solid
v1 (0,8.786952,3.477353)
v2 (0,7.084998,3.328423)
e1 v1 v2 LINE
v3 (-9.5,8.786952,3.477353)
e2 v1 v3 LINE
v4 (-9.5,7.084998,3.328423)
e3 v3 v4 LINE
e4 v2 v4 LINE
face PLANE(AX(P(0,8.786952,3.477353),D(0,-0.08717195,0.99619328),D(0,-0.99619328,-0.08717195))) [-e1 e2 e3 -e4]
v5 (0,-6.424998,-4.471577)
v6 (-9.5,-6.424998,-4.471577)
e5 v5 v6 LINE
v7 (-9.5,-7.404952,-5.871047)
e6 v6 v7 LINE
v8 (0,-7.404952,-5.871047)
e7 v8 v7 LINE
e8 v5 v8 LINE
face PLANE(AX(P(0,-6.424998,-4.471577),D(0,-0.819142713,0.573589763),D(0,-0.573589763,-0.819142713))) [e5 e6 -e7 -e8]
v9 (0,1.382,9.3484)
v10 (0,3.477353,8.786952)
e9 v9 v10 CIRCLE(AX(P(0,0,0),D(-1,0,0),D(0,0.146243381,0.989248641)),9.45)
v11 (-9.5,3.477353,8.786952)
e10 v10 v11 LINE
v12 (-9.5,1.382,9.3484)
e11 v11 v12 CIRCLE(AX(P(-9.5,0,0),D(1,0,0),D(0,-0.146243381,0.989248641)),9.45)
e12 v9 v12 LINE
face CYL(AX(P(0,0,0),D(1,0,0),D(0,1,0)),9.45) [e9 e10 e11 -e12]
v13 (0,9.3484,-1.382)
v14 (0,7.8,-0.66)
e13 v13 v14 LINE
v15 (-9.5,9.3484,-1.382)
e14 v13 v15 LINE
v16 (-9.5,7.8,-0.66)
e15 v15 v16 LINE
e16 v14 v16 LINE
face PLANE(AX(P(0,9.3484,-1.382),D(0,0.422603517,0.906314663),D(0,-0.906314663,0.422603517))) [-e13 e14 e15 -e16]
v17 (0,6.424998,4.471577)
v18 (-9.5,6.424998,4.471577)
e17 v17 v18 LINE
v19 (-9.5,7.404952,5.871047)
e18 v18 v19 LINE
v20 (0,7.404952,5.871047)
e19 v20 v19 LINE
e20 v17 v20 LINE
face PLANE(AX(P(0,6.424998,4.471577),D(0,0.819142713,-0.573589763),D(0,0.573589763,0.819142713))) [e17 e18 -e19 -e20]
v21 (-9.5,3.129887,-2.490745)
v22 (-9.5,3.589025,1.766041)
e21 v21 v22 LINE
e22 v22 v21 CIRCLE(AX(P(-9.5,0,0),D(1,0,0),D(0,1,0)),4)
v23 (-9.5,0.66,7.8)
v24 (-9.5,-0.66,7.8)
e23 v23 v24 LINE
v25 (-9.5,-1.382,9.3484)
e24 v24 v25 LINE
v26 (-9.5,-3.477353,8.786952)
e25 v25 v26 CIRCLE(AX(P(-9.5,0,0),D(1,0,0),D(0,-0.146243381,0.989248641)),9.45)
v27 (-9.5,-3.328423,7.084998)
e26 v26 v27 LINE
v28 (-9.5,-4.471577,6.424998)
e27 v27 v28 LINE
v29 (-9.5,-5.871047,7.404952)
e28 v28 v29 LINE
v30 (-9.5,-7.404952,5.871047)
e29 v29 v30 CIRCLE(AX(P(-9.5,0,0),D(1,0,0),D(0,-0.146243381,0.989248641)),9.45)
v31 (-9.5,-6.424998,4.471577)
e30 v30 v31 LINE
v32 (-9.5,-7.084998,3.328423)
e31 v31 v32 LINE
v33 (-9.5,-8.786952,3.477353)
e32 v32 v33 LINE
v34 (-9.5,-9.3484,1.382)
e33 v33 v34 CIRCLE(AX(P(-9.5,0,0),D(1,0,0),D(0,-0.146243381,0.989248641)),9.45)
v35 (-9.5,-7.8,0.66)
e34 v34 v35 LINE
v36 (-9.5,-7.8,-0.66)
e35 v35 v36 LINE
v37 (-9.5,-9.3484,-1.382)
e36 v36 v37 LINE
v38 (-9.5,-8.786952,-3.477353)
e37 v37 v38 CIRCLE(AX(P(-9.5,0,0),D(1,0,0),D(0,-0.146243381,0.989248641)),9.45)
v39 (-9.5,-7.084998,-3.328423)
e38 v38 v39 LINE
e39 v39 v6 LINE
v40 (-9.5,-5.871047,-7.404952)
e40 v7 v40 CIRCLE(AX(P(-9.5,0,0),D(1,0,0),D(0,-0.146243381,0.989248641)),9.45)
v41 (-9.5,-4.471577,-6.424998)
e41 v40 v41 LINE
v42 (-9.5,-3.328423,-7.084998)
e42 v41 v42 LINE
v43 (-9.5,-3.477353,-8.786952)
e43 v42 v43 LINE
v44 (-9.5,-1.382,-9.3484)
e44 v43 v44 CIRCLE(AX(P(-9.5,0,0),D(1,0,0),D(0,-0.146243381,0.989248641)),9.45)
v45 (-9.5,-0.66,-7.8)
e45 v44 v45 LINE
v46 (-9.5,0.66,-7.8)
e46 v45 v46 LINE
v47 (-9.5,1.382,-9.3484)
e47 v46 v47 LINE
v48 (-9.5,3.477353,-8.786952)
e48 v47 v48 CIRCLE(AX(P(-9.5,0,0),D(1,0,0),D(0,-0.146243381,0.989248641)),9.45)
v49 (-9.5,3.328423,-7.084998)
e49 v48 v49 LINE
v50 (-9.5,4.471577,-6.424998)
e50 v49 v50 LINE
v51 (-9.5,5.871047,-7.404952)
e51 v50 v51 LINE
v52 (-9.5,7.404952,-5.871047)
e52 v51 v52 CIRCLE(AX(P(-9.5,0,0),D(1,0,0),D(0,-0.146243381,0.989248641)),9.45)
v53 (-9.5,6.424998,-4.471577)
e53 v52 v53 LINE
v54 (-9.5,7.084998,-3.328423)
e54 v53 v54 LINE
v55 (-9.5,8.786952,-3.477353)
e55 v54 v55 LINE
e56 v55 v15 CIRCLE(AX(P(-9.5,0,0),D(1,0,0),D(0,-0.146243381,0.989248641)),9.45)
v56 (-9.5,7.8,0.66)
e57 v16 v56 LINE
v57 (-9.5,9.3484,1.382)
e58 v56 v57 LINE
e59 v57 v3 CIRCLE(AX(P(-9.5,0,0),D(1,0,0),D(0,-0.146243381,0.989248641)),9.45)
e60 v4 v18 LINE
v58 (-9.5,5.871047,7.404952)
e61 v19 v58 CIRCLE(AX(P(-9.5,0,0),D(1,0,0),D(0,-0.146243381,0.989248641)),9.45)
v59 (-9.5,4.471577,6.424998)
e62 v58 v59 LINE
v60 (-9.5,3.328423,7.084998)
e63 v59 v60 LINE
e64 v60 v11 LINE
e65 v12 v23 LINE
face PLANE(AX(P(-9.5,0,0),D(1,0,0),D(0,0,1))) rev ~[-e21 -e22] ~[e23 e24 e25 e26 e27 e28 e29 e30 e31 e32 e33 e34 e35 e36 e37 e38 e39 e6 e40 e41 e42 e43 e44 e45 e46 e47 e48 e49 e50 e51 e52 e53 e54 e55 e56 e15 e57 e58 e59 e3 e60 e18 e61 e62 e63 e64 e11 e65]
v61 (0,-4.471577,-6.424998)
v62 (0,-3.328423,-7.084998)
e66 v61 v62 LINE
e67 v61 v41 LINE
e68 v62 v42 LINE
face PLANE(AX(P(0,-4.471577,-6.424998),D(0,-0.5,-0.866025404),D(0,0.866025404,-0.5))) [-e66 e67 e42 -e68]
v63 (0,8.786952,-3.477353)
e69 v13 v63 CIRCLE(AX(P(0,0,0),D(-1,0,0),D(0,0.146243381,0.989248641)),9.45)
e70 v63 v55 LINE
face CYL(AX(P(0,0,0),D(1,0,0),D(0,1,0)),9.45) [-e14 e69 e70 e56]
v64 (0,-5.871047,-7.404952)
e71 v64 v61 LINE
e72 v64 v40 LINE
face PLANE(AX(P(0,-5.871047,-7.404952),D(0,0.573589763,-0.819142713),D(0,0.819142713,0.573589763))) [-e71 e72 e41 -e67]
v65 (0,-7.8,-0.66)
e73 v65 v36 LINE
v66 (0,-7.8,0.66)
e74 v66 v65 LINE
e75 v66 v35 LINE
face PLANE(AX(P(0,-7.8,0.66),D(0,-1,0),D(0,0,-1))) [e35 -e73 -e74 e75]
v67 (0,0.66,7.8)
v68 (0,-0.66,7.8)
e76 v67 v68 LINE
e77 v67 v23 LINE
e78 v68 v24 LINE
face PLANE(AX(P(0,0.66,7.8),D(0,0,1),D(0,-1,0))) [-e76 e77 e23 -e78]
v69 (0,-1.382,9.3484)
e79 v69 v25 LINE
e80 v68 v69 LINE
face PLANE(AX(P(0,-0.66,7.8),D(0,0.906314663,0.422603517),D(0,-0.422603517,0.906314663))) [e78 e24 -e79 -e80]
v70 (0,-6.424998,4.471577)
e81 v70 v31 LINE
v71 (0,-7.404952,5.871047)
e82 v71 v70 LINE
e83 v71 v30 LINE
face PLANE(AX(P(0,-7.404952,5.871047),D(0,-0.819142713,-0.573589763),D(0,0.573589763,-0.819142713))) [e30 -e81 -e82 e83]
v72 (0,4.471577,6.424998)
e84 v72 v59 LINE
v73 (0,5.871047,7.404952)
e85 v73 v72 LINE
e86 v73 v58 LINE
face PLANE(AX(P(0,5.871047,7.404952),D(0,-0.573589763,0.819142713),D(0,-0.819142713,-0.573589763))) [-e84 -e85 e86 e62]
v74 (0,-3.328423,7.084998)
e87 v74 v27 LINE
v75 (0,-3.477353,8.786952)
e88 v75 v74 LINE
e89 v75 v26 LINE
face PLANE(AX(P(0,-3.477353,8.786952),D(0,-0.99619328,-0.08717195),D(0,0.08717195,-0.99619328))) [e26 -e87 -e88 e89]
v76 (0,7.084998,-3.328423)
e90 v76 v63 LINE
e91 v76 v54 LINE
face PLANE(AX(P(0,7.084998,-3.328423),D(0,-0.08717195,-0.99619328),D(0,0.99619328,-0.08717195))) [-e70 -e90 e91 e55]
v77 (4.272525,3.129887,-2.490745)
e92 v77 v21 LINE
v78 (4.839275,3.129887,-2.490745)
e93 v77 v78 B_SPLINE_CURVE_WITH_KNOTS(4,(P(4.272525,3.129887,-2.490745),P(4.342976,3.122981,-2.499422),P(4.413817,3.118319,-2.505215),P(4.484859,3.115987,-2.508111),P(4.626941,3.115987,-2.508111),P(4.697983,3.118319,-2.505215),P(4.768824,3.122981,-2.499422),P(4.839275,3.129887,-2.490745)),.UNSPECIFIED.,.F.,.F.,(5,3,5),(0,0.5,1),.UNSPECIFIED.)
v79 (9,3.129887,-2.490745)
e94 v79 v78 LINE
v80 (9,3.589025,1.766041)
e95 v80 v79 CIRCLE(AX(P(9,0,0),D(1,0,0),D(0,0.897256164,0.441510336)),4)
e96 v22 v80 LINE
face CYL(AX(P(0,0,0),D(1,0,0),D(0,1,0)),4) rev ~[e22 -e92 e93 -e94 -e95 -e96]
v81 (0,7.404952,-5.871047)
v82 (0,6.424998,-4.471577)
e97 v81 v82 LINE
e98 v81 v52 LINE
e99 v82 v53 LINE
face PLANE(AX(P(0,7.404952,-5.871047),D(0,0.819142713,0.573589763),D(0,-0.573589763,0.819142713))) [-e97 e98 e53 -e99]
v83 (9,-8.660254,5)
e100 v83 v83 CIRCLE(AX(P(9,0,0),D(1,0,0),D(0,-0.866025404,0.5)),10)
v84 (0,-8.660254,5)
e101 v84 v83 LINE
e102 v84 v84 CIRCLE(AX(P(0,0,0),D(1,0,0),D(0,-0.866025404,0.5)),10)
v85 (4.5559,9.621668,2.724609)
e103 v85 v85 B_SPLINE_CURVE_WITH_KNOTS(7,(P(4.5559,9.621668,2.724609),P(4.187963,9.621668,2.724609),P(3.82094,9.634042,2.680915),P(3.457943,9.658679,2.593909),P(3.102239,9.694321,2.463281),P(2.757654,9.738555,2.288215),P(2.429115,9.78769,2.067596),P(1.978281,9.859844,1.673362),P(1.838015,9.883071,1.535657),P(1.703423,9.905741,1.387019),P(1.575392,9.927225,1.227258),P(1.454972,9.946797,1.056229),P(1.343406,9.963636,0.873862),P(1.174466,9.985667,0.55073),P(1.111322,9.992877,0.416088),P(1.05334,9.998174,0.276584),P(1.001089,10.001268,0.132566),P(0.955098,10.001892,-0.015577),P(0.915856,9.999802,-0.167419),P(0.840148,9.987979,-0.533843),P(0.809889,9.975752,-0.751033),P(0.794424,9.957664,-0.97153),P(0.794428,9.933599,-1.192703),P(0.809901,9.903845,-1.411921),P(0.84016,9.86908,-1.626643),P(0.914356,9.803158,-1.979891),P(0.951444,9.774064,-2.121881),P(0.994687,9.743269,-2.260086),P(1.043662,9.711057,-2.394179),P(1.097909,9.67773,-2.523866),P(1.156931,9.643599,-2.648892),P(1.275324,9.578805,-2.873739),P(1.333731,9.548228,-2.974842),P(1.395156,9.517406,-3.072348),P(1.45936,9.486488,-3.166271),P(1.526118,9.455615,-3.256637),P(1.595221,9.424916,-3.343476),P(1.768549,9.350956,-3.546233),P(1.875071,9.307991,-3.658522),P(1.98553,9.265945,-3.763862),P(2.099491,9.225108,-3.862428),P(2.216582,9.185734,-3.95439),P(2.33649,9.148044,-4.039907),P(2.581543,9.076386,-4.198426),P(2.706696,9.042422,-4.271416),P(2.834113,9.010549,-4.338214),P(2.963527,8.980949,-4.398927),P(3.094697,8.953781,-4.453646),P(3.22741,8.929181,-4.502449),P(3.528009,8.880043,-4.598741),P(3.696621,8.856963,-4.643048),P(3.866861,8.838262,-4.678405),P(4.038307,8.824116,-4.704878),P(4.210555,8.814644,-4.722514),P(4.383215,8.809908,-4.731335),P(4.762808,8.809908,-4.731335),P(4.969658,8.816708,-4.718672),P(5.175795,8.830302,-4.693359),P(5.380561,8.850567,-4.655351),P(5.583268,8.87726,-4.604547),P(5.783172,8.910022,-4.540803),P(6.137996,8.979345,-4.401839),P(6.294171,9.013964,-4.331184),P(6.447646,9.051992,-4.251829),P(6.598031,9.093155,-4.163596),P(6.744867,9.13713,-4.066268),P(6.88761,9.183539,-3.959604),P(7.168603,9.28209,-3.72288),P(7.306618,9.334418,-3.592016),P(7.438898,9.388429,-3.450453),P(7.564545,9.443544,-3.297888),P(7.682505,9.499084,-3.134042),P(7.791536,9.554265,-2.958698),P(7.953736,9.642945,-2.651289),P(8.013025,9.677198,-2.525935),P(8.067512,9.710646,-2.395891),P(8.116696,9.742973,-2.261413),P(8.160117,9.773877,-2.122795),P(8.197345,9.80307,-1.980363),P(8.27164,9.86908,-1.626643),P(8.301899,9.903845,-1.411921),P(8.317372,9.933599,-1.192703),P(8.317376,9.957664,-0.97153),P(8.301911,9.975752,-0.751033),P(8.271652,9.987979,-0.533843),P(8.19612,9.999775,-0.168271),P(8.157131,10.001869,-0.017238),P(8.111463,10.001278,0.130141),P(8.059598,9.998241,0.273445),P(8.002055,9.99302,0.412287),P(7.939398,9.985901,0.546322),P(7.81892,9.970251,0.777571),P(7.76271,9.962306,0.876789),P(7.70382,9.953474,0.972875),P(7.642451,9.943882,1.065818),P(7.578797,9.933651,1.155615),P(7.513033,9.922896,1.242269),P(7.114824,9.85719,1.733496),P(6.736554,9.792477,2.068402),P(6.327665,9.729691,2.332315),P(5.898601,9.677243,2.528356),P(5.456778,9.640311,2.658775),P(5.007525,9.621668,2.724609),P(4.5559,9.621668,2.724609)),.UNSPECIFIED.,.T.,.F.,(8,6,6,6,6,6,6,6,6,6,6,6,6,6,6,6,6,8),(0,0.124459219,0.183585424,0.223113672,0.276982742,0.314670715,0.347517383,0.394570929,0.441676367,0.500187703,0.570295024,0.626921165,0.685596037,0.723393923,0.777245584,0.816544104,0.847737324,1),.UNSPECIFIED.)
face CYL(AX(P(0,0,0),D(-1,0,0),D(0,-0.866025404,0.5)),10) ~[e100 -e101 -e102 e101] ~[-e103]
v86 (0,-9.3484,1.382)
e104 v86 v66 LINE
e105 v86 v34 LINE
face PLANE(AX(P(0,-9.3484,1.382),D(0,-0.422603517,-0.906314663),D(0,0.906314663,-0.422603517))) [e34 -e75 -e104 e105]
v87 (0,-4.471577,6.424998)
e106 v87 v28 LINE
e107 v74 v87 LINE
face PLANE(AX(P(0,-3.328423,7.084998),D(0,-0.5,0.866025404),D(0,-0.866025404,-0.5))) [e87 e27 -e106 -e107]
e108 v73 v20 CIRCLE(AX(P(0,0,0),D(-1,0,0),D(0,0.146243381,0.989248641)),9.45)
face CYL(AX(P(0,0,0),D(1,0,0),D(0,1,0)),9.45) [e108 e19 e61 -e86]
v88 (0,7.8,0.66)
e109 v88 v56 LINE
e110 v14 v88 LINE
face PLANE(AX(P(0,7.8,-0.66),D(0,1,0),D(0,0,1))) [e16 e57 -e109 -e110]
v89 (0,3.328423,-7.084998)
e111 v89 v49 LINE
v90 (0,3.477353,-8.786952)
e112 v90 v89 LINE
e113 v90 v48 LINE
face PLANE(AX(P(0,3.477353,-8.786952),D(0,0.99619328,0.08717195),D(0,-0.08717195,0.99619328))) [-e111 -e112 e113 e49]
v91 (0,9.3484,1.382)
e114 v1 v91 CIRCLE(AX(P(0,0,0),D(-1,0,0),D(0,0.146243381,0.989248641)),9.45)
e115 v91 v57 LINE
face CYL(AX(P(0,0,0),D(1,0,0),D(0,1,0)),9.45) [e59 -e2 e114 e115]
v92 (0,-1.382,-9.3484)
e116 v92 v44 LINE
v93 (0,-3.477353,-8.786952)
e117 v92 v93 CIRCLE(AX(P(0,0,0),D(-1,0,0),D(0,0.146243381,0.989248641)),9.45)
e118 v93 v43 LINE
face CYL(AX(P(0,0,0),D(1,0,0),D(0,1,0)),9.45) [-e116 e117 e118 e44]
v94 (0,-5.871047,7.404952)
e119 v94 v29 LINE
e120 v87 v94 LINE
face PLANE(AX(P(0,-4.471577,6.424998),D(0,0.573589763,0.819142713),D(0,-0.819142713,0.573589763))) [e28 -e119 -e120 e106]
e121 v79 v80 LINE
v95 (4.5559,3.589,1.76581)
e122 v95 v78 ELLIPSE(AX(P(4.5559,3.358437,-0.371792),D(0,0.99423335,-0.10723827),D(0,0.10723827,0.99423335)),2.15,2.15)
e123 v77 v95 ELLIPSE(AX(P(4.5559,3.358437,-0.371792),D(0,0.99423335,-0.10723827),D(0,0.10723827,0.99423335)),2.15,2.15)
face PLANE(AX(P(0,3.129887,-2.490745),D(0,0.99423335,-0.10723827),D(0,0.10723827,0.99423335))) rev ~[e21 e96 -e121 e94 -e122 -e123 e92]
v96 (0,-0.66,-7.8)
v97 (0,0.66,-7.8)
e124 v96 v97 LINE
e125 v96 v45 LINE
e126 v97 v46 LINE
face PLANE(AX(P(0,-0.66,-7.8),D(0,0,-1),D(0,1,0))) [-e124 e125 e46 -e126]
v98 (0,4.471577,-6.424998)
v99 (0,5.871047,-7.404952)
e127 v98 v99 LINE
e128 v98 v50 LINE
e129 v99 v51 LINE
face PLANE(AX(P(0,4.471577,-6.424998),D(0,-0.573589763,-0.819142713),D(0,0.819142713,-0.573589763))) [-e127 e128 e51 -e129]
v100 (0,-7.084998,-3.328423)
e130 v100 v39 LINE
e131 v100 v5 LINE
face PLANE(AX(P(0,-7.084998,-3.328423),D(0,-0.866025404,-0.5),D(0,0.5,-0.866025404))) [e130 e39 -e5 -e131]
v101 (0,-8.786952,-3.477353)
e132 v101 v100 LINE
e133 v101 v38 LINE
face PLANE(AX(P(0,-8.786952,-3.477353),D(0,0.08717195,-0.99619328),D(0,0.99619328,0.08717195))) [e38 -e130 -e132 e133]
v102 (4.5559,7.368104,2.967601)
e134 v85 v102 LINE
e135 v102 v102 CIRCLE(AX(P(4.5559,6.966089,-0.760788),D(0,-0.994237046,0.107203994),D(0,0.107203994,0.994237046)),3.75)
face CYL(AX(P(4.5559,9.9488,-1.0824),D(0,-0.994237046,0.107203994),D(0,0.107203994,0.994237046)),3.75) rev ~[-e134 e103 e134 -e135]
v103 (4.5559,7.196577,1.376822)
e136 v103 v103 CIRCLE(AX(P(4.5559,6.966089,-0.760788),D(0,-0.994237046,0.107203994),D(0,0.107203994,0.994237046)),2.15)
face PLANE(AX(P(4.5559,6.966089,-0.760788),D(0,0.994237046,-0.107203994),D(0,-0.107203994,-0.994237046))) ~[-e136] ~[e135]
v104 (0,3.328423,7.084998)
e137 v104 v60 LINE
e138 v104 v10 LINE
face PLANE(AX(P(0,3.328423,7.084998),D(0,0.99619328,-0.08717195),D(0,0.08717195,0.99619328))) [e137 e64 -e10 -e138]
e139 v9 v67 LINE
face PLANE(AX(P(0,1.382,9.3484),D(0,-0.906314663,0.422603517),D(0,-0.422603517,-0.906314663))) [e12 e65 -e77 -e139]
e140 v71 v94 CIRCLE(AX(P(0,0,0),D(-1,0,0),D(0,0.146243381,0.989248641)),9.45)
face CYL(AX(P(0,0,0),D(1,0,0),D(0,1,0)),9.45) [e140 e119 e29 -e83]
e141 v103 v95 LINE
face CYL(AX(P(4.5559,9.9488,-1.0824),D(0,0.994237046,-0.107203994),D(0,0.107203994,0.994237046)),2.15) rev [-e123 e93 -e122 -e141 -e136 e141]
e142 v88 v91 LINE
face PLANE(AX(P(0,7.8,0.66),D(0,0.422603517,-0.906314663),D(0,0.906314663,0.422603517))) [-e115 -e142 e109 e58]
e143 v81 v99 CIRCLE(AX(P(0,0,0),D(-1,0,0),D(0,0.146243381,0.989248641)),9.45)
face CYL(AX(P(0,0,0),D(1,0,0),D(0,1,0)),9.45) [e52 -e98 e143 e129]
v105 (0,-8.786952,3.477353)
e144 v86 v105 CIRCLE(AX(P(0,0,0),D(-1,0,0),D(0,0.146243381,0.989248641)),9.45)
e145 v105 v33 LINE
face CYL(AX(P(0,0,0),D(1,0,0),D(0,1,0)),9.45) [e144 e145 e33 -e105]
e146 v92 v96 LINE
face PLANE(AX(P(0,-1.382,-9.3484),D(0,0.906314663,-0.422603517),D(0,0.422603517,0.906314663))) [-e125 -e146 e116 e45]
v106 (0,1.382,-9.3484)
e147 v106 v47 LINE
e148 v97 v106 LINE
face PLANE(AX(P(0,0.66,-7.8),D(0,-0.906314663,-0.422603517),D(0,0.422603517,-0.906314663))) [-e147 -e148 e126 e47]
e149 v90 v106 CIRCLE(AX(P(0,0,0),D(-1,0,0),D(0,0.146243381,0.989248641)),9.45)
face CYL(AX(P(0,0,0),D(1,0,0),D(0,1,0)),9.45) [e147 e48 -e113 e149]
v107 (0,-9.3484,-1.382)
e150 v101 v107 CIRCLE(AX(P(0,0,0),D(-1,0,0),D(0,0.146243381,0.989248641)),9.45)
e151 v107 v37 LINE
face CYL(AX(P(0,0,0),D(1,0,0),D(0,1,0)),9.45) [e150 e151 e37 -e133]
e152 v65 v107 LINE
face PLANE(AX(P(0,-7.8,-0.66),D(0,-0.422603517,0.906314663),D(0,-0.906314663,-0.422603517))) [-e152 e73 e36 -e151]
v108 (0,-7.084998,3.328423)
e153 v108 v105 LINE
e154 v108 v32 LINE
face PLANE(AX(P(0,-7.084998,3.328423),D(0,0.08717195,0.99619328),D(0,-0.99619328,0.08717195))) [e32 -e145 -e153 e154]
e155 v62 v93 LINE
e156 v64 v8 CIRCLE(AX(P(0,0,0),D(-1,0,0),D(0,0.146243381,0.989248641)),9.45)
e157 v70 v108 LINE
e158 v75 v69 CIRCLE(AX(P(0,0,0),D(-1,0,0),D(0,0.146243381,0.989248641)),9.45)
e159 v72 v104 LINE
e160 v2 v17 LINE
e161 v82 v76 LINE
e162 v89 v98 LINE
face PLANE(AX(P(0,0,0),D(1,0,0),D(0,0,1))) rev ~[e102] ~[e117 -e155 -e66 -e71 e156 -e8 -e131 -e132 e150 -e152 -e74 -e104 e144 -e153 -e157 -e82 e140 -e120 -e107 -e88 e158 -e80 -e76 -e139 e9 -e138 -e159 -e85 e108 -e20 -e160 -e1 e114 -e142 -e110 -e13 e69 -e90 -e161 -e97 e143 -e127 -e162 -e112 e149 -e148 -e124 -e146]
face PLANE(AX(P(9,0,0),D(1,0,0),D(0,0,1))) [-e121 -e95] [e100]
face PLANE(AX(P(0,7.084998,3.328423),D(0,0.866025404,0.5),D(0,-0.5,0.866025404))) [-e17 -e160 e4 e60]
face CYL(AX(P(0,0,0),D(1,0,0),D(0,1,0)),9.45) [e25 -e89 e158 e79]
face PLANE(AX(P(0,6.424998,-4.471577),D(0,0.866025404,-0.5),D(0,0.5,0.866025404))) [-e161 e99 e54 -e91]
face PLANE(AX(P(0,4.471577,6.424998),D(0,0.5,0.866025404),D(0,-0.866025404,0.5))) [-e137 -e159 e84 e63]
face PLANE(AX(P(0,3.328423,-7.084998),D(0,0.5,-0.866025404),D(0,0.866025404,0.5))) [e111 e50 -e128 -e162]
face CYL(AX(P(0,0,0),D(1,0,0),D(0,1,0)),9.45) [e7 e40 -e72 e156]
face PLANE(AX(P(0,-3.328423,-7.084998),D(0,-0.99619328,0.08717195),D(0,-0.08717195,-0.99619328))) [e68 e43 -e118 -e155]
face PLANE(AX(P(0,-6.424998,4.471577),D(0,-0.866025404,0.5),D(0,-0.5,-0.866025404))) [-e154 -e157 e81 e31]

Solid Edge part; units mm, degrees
sketch "Sketch1" plane through (0, 0, 0) normal (1, 0, 0) x (0, 1, 0)
  circle A0 centre (0, 0) radius 9.45
  dimension "D1" = 18.9
extrude "Protrusion1" add sketch "Sketch1" against normal blind 9.5
sketch "Sketch2" plane through (0, 0, 0) normal (1, 0, 0) x (0, 1, 0)
  circle A0 centre (0, 0) radius 4
extrude "Cutout1" cut sketch "Sketch2" against normal up to next
sketch "Sketch3" plane through (0, 0, 0) normal (1, 0, 0) x (0, 1, 0)
  line L0 (1.382, 9.3484) -> (0.66, 7.8)
  line L1 (0.66, 7.8) -> (-0.66, 7.8)
  line L2 (-0.66, 7.8) -> (-1.382, 9.3484)
  arc A0 (1.382, 9.3484) -> (-1.382, 9.3484) centre (0, 0) ccw
extrude "Cutout2" cut sketch "Sketch3" against normal blind 14000
pattern_circular "Pattern1" count 12 over 360 about axis through (0, 0, 0) along (1, 0, 0) of "Cutout2"
sketch "Sketch4" plane through (0, 0, 0) normal (1, 0, 0) x (0, -0.866, 0.5)
  line L0 (-3.9559, 0.5921) -> (-2.2252, -3.324)
  arc A0 (-2.2252, -3.3239) -> (-3.9559, 0.5921) centre (0, 0) cw
extrude "Protrusion2" add sketch "Sketch4" against normal up to vertex (9.5 mm away)
sketch "Sketch5" plane through (0, 0, 0) normal (1, 0, 0) x (0, -0.866, 0.5)
  line L0 (-3.9559, 0.5921) -> (-2.2252, -3.324)
  arc A0 (-2.2252, -3.3239) -> (-3.9559, 0.5921) centre (0, 0) cw
  circle A1 centre (0, 0) radius 10
  circle A2 centre (0, 0) radius 4
extrude "ExtrudedProtrusion_4" add sketch "Sketch5" along normal blind 9
sketch "Sketch6" plane through (0, 0, 0) normal (1, 0, 0) x (0, -0.866, 0.5)
  line L0 (-3.9559, 0.5921) -> (-2.2252, -3.324)
  arc A0 (-2.2252, -3.3239) -> (-3.9559, 0.5921) centre (0, 0) cw
extrude "Protrusion3" add sketch "Sketch6" along normal up to vertex (9 mm away)
hole "Hole_2" at (4.5559, 9.9488, -1.0824) direction (0, -0.9942, 0.1072) diameter 4.3 end up to next counterbore diameter 7.5 counterbore depth 3
properties material "Steel"
